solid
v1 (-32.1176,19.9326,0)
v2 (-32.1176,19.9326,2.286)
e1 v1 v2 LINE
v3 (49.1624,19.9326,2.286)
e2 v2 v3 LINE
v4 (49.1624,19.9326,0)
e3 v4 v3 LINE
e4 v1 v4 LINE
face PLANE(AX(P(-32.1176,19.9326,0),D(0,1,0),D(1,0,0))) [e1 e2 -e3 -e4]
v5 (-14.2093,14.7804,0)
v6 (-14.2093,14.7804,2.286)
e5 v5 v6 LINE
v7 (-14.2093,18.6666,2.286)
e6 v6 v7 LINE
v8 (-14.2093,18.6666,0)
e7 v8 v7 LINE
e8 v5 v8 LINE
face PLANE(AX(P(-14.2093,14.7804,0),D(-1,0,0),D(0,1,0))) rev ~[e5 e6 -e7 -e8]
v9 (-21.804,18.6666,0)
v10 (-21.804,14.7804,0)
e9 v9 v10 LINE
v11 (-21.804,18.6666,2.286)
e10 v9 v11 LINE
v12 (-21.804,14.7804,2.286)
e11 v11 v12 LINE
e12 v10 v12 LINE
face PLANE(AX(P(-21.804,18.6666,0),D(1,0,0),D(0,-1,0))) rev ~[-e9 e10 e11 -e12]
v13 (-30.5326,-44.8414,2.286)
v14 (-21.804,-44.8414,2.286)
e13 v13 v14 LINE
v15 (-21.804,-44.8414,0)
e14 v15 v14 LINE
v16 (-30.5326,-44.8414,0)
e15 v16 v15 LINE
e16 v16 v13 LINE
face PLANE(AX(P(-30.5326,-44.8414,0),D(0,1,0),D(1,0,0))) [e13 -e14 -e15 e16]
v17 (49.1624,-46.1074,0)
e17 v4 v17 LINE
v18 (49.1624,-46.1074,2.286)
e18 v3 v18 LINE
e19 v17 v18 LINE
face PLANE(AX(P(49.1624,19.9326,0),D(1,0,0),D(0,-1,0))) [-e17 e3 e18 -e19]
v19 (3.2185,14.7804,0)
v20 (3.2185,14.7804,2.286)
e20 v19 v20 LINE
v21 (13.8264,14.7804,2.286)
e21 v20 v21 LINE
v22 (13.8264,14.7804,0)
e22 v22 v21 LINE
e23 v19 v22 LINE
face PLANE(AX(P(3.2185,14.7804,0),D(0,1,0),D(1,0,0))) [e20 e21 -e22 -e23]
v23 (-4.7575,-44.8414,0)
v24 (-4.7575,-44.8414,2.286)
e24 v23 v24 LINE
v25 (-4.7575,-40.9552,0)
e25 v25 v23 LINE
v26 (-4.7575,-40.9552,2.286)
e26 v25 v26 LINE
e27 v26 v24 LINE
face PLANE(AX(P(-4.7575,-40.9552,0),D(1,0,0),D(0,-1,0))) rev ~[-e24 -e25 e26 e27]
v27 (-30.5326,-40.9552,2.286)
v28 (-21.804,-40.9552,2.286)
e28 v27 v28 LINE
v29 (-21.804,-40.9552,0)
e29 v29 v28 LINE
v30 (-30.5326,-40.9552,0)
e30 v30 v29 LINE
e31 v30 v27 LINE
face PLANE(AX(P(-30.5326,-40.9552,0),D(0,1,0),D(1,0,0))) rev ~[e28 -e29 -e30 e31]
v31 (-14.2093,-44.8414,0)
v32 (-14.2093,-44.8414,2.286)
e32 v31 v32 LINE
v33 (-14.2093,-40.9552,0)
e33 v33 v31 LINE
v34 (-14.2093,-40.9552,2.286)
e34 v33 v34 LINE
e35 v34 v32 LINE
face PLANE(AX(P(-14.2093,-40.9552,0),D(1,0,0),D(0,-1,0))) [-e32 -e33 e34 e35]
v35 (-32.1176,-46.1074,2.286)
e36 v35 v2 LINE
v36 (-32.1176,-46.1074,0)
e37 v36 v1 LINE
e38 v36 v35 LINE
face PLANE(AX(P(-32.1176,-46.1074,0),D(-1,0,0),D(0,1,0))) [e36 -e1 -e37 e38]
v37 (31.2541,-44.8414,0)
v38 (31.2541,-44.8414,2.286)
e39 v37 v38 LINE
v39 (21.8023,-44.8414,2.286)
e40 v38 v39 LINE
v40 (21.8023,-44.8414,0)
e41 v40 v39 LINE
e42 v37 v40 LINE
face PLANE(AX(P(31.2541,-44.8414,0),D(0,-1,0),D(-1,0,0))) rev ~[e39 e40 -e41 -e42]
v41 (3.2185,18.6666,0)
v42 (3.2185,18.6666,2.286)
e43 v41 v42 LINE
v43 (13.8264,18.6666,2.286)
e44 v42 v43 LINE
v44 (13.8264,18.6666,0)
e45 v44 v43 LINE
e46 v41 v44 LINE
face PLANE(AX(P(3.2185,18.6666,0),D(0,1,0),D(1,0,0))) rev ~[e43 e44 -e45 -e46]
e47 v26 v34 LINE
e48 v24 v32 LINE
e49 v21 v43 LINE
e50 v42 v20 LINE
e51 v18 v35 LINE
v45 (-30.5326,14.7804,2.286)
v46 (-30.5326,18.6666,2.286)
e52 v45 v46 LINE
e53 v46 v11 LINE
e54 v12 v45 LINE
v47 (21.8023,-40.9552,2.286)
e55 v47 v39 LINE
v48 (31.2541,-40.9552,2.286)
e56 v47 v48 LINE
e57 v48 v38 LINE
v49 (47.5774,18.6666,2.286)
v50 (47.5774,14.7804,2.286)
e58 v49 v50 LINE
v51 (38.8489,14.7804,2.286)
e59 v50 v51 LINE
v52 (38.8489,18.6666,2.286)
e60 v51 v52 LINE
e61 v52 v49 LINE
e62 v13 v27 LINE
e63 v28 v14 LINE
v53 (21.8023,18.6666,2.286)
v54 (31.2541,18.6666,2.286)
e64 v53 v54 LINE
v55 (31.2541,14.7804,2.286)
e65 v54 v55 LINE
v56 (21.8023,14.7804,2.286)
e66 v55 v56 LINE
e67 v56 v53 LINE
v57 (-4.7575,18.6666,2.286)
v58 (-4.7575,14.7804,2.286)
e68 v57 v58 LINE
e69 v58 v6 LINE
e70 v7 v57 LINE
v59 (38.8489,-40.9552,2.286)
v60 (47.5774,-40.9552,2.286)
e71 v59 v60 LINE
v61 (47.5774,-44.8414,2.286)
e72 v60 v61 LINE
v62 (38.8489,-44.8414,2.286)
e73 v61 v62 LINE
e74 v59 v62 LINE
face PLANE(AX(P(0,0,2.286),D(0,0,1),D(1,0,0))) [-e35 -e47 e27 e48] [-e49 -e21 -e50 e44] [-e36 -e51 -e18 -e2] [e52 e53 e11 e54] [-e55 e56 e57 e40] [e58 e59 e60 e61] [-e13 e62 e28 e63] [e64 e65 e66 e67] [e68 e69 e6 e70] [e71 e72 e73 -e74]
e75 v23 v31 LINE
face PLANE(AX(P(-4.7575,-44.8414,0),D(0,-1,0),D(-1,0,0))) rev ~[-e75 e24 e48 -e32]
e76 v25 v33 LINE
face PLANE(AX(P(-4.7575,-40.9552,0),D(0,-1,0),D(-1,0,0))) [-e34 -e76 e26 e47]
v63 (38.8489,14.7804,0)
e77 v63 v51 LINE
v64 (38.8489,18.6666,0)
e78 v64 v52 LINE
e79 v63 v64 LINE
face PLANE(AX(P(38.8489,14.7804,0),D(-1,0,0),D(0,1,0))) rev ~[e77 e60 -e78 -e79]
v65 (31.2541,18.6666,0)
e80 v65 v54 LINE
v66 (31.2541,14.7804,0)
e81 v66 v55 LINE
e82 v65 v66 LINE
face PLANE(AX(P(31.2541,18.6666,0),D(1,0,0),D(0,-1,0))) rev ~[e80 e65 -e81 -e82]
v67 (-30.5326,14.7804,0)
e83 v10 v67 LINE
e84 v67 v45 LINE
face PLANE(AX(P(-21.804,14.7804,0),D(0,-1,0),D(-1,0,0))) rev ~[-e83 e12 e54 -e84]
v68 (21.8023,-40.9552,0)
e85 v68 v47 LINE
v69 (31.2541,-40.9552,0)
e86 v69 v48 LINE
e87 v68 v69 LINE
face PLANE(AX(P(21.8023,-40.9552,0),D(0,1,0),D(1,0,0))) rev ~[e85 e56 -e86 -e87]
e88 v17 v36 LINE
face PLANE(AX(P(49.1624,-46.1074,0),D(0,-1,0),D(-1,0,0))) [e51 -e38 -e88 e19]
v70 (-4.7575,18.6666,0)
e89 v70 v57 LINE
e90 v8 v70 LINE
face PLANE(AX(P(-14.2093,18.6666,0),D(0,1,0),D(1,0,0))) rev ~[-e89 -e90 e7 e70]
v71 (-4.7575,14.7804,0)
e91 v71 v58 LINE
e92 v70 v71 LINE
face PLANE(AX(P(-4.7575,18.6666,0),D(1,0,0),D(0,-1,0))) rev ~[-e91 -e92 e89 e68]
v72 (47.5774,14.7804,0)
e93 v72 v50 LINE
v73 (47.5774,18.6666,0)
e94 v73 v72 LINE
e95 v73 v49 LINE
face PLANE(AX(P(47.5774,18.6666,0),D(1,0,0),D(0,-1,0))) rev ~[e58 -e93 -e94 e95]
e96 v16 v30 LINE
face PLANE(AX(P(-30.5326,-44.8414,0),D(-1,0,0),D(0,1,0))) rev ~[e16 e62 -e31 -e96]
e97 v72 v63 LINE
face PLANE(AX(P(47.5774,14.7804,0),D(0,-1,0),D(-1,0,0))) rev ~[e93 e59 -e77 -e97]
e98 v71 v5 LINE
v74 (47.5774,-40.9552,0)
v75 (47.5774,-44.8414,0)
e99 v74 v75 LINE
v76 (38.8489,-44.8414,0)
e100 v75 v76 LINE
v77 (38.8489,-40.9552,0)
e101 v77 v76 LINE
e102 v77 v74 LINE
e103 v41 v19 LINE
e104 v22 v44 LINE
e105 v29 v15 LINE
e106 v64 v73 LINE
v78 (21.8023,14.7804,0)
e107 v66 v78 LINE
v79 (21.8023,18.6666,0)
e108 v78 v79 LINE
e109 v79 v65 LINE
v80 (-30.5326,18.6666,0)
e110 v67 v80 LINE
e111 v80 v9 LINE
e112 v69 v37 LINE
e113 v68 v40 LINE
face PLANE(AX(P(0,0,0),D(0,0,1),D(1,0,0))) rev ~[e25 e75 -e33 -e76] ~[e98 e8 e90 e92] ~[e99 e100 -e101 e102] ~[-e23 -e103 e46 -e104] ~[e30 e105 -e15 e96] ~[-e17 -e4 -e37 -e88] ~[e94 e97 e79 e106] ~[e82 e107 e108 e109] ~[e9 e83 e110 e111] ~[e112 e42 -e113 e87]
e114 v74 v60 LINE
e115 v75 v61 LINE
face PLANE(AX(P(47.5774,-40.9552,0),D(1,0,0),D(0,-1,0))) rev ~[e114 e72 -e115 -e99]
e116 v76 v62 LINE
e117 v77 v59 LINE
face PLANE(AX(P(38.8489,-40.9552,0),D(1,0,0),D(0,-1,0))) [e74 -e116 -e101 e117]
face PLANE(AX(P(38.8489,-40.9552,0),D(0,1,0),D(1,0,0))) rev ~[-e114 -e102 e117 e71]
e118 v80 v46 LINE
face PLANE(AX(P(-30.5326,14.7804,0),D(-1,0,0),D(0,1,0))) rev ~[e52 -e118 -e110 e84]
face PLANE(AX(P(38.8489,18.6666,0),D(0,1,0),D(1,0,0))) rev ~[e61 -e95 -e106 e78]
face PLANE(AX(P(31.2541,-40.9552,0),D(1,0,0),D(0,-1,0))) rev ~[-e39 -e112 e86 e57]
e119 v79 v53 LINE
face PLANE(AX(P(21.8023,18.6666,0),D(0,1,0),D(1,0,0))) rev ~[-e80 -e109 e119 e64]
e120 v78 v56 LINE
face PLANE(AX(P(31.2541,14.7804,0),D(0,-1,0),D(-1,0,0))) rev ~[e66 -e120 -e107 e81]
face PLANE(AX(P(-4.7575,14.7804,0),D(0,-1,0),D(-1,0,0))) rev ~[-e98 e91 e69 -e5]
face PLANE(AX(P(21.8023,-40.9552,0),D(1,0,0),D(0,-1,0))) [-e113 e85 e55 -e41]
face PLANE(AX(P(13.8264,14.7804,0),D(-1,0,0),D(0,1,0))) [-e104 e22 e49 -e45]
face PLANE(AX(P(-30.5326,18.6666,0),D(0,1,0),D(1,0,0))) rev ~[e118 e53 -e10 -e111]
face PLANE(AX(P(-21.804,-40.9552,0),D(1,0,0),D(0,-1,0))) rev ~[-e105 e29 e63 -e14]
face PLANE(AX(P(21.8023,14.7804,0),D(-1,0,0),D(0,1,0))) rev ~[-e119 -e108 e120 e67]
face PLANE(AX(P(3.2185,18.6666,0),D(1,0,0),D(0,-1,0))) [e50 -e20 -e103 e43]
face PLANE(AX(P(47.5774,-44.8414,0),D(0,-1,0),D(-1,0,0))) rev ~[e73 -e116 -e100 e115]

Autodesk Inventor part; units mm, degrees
ref_plane "YZ Plane" through (0, 0, 0) normal (1, 0, 0) x (0, 1, 0)
ref_plane "XZ Plane" through (0, 0, 0) normal (0, 1, 0) x (-1, 0, 0)
ref_plane "XY Plane" through (0, 0, 0) normal (0, 0, 1) x (1, 0, 0)
sketch "Sketch1" plane through (0, 0, 0) normal (0, 0, 1) x (1, 0, 0)
  line L0 (49.1624, -46.1074) -> (-32.1176, -46.1074)
  line L1 (49.1624, 19.9326) -> (49.1624, -46.1074)
  line L2 (49.1624, -46.1074) -> (49.1624, 19.9326)
  line L3 (-32.1176, 19.9326) -> (49.1624, 19.9326)
  line L4 (49.1624, 19.9326) -> (-32.1176, 19.9326)
  line L5 (-32.1176, -46.1074) -> (-32.1176, 19.9326)
  line L6 (-32.1176, 19.9326) -> (-32.1176, -46.1074)
  line L7 (-32.1176, -46.1074) -> (49.1624, -46.1074)
  line L8 (47.5774, -44.8414) -> (38.8489, -44.8414)
  line L9 (47.5774, -44.8414) -> (38.8489, -44.8414)
  line L10 (38.8489, -40.9552) -> (38.8489, -44.8414)
  line L11 (38.8489, -44.8414) -> (38.8489, -40.9552)
  line L12 (38.8489, -40.9552) -> (47.5774, -40.9552)
  line L13 (38.8489, -40.9552) -> (47.5774, -40.9552)
  line L14 (47.5774, -40.9552) -> (47.5774, -44.8414)
  line L15 (47.5774, -40.9552) -> (47.5774, -44.8414)
  line L16 (47.5774, 14.7804) -> (38.8489, 14.7804)
  line L17 (47.5774, 14.7804) -> (38.8489, 14.7804)
  line L18 (38.8489, 14.7804) -> (38.8489, 18.6666)
  line L19 (38.8489, 14.7804) -> (38.8489, 18.6666)
  line L20 (38.8489, 18.6666) -> (47.5774, 18.6666)
  line L21 (38.8489, 18.6666) -> (47.5774, 18.6666)
  line L22 (47.5774, 18.6666) -> (47.5774, 14.7804)
  line L23 (47.5774, 18.6666) -> (47.5774, 14.7804)
  line L24 (31.2541, -44.8414) -> (21.8023, -44.8414)
  line L25 (31.2541, -44.8414) -> (21.8023, -44.8414)
  line L26 (21.8023, -40.9552) -> (21.8023, -44.8414)
  line L27 (21.8023, -44.8414) -> (21.8023, -40.9552)
  line L28 (21.8023, -40.9552) -> (31.2541, -40.9552)
  line L29 (31.2541, -40.9552) -> (31.2541, -44.8414)
  line L30 (31.2541, -40.9552) -> (31.2541, -44.8414)
  line L31 (-4.7575, -44.8414) -> (-14.2093, -44.8414)
  line L32 (-4.7575, -44.8414) -> (-14.2093, -44.8414)
  line L33 (-14.2093, -40.9552) -> (-14.2093, -44.8414)
  line L34 (-14.2093, -44.8414) -> (-14.2093, -40.9552)
  line L35 (-4.7575, -40.9552) -> (-14.2093, -40.9552)
  line L36 (-14.2093, -40.9552) -> (-4.7575, -40.9552)
  line L37 (-4.7575, -40.9552) -> (-4.7575, -44.8414)
  line L38 (-4.7575, -40.9552) -> (-4.7575, -44.8414)
  line L39 (-21.804, -40.9552) -> (-21.804, -44.8414)
  line L40 (-30.5326, -44.8414) -> (-21.804, -44.8414)
  line L41 (-21.804, -44.8414) -> (-30.5326, -44.8414)
  line L42 (-30.5326, -44.8414) -> (-30.5326, -40.9552)
  line L43 (-30.5326, -40.9552) -> (-21.804, -40.9552)
  line L44 (-30.5326, -40.9552) -> (-21.804, -40.9552)
  line L45 (-21.804, -40.9552) -> (-21.804, -44.8414)
  line L46 (31.2541, 14.7804) -> (21.8023, 14.7804)
  line L47 (31.2541, 14.7804) -> (21.8023, 14.7804)
  line L48 (21.8023, 14.7804) -> (21.8023, 18.6666)
  line L49 (21.8023, 14.7804) -> (21.8023, 18.6666)
  line L50 (21.8023, 18.6666) -> (31.2541, 18.6666)
  line L51 (21.8023, 18.6666) -> (31.2541, 18.6666)
  line L52 (31.2541, 18.6666) -> (31.2541, 14.7804)
  line L53 (31.2541, 18.6666) -> (31.2541, 14.7804)
  line L54 (3.2185, 14.7804) -> (13.8264, 14.7804)
  line L55 (13.8264, 14.7804) -> (3.2185, 14.7804)
  line L56 (3.2185, 18.6666) -> (3.2185, 14.7804)
  line L57 (3.2185, 14.7804) -> (3.2185, 18.6666)
  line L58 (3.2185, 18.6666) -> (13.8264, 18.6666)
  line L59 (3.2185, 18.6666) -> (13.8264, 18.6666)
  line L60 (13.8264, 14.7804) -> (13.8264, 18.6666)
  line L61 (13.8264, 18.6666) -> (13.8264, 14.7804)
  line L62 (-4.7575, 14.7804) -> (-14.2093, 14.7804)
  line L63 (-4.7575, 14.7804) -> (-14.2093, 14.7804)
  line L64 (-14.2093, 14.7804) -> (-14.2093, 18.6666)
  line L65 (-14.2093, 14.7804) -> (-14.2093, 18.6666)
  line L66 (-14.2093, 18.6666) -> (-4.7575, 18.6666)
  line L67 (-14.2093, 18.6666) -> (-4.7575, 18.6666)
  line L68 (-4.7575, 18.6666) -> (-4.7575, 14.7804)
  line L69 (-4.7575, 18.6666) -> (-4.7575, 14.7804)
  line L70 (-21.804, 18.6666) -> (-21.804, 14.7804)
  line L71 (-21.804, 14.7804) -> (-30.5326, 14.7804)
  line L72 (-21.804, 14.7804) -> (-30.5326, 14.7804)
  line L73 (-30.5326, 18.6666) -> (-21.804, 18.6666)
  line L74 (-30.5326, 14.7804) -> (-30.5326, 18.6666)
  line L75 (-30.5326, 18.6666) -> (-21.804, 18.6666)
  line L76 (-21.804, 18.6666) -> (-21.804, 14.7804)
  point P0 (0, 0)
  point P1 (0, 0)
extrude "Extrusion1" add sketch "Sketch1" along normal blind 2.286
sketch "Sketch2" plane through (0, 0, 2.286) normal (0, 0, 1) x (1, 0, 0)
  line L0 (-30.5326, 18.6666) -> (-30.5326, 14.7804) projected
  line L1 (47.5774, 18.6666) -> (38.8489, 18.6666) projected
  line L2 (-30.5326, 18.6666) -> (47.5774, 18.6666)
  line L3 (47.5774, 18.6666) -> (47.5774, 14.7804) projected
  line L4 (47.5774, 18.6666) -> (47.5774, 14.7804)
  line L5 (-30.5326, 14.7804) -> (-21.804, 14.7804) projected
  line L6 (47.5774, 14.7804) -> (-30.5326, 14.7804)
  line L7 (-21.804, 18.6666) -> (-21.804, 14.7804) projected
  line L8 (-21.804, 18.6666) -> (-21.804, 14.7804)
  line L9 (-4.7575, 18.6666) -> (-14.2093, 18.6666) projected
  line L10 (-14.2093, 14.7804) -> (-14.2093, 18.6666) projected
  line L11 (-14.2093, 18.6666) -> (-14.2093, 14.7804)
  line L12 (3.2185, 14.7804) -> (3.2185, 18.6666) projected
  line L13 (3.2185, 18.6666) -> (3.2185, 14.7804)
  line L14 (13.8264, 18.6666) -> (13.8264, 14.7804) projected
  line L15 (13.8264, 18.6666) -> (13.8264, 14.7804)
  line L16 (21.8023, 18.6666) -> (21.8023, 14.7804)
  line L17 (31.2541, 18.6666) -> (31.2541, 14.7804) projected
  line L18 (31.2541, 18.6666) -> (31.2541, 14.7804)
  line L19 (38.8489, 14.7804) -> (47.5774, 14.7804) projected
  line L20 (38.8489, 18.6666) -> (38.8489, 14.7804)
  point P0 (0, 0)
properties part number "mcdave_scelevel"
